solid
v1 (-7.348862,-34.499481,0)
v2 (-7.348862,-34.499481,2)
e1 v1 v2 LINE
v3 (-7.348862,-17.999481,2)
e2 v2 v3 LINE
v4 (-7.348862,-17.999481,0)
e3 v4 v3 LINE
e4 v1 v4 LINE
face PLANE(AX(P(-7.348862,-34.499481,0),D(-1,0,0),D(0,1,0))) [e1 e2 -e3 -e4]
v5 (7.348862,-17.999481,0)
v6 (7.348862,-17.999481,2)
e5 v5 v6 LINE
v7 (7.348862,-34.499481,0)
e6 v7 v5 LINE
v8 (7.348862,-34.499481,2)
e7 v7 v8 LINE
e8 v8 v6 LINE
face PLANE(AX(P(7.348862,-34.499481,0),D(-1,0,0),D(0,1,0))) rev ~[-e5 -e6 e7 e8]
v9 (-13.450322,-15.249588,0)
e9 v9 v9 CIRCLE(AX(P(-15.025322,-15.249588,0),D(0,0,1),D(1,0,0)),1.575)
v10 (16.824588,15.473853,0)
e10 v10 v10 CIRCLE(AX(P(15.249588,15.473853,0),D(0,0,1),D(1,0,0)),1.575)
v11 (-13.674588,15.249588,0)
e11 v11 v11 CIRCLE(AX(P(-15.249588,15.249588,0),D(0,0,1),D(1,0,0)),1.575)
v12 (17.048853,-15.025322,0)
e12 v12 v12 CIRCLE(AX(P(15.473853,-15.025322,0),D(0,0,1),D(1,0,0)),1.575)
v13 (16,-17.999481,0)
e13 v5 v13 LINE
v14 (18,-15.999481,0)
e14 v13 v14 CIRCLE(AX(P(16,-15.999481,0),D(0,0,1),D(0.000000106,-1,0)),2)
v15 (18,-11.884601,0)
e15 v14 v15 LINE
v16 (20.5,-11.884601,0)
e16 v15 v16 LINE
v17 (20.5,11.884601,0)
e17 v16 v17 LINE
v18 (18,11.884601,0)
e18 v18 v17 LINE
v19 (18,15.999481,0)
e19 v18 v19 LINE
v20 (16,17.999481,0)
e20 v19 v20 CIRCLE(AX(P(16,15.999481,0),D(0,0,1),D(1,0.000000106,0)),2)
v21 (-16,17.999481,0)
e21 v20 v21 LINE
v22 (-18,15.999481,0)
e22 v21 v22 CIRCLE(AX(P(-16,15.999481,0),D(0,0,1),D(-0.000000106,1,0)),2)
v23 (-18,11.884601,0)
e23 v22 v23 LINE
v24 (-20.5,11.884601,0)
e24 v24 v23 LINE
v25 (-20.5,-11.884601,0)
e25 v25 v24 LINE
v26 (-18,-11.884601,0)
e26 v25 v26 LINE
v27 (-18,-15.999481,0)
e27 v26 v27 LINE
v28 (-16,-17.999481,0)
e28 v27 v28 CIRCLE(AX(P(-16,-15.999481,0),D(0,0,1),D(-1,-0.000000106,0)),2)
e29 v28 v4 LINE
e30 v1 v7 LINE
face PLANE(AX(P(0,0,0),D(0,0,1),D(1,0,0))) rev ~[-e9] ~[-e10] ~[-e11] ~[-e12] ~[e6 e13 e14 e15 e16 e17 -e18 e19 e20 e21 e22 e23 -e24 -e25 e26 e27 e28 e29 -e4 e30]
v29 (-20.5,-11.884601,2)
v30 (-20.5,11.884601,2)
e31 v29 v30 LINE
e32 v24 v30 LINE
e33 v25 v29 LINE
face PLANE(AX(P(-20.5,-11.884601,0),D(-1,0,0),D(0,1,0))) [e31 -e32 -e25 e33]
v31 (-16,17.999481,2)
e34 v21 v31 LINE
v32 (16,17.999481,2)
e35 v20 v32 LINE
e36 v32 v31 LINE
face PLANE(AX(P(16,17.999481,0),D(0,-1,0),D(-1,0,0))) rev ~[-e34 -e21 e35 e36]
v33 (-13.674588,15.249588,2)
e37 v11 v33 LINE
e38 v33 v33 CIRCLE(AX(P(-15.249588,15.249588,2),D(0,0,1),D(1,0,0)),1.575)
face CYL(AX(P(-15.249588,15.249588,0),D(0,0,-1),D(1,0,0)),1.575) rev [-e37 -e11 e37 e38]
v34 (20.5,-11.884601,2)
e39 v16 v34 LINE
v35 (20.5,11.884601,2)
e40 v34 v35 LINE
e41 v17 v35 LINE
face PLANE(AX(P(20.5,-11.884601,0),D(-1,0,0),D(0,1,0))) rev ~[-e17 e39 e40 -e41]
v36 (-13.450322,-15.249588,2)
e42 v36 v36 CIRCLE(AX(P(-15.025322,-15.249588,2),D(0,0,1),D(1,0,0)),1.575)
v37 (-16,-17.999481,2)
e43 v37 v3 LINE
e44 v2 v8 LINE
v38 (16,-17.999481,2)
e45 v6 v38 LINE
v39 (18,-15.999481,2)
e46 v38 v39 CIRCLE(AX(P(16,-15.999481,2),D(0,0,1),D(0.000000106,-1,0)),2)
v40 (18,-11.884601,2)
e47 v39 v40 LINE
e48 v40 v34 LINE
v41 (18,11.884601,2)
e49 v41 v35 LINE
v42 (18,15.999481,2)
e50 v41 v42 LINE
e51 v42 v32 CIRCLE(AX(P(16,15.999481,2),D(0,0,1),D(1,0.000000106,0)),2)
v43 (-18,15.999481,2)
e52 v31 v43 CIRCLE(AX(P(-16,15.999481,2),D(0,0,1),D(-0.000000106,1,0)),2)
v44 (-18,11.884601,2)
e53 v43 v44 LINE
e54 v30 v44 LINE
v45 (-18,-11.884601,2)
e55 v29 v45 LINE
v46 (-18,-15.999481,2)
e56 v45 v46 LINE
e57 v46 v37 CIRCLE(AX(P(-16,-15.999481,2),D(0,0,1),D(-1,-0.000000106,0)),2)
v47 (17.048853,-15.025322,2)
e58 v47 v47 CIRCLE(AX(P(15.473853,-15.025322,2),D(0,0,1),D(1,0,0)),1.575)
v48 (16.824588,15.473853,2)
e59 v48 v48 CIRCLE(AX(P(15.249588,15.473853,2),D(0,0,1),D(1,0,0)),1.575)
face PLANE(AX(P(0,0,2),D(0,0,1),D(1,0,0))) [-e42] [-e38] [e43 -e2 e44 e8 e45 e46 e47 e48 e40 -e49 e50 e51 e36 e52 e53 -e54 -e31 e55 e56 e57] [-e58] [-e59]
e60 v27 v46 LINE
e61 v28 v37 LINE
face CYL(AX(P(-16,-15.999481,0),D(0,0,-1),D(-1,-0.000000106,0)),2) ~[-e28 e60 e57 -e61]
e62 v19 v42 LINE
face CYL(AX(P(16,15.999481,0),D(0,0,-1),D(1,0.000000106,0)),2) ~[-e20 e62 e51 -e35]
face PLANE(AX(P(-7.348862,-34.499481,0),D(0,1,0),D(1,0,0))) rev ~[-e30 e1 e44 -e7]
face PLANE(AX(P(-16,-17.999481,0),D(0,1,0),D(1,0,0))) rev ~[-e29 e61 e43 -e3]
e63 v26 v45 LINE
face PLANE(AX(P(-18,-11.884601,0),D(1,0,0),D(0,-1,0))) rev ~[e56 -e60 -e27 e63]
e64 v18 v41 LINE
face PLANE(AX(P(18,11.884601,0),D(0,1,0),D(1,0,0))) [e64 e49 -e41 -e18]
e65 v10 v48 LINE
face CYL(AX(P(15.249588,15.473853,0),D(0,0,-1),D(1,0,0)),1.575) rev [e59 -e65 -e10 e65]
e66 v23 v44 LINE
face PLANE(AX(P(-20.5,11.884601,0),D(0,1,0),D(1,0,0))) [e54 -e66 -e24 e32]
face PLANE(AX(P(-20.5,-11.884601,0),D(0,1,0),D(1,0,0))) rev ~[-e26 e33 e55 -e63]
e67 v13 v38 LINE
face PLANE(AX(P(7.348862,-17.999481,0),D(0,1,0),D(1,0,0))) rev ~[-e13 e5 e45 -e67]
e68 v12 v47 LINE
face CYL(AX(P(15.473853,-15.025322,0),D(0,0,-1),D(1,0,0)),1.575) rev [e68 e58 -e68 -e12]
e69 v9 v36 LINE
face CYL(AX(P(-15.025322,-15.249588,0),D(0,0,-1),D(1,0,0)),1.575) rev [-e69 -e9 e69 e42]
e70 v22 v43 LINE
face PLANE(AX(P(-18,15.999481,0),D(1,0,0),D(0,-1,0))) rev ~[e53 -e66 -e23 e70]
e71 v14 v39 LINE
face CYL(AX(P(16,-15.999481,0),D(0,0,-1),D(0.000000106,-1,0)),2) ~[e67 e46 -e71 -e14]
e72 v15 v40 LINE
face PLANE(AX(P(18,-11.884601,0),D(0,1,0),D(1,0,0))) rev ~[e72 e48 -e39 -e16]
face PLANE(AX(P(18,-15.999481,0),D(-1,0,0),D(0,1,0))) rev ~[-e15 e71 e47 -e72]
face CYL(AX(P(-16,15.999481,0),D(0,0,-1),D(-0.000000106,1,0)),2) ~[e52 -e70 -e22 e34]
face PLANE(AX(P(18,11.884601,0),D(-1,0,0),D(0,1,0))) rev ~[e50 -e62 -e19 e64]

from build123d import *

# Parameters (mm, degrees)
F0_R     = 1.575
F0_W     = 14.697724
F0_H     = 16.5
F0_W_2   = 2.5
F0_H_2   = 23.769202
F1_DEPTH = 2


with BuildPart() as f1:
    # F0 (on Top) → F1 (new body)
    with BuildSketch(Plane.XY):
        with BuildLine():
            ThreePointArc((-18, -15.999481), (-17.414214, -17.413694), (-16, -17.999481))
            Line((-16, -17.999481), (-7.348862, -17.999481))
            Line((-7.348862, -17.999481), (7.348862, -17.999481))
            Line((7.348862, -17.999481), (16, -17.999481))
            ThreePointArc((16, -17.999481), (17.414214, -17.413694), (18, -15.999481))
            Line((18, -15.999481), (18, -11.884601))
            Line((18, -11.884601), (18, 11.884601))
            Line((18, 11.884601), (18, 15.999481))
            ThreePointArc((18, 15.999481), (17.414214, 17.413694), (16, 17.999481))
            Line((16, 17.999481), (-16, 17.999481))
            ThreePointArc((-16, 17.999481), (-17.414214, 17.413694), (-18, 15.999481))
            Line((-18, 15.999481), (-18, 11.884601))
            Line((-18, 11.884601), (-18, -11.884601))
            Line((-18, -11.884601), (-18, -15.999481))
        make_face()
        with Locations((-15.025322, -15.249588)):
            Circle(F0_R, mode=Mode.SUBTRACT)
        with Locations((15.473853, -15.025322)):
            Circle(F0_R, mode=Mode.SUBTRACT)
        with Locations((-15.249588, 15.249588)):
            Circle(F0_R, mode=Mode.SUBTRACT)
        with Locations((15.249588, 15.473853)):
            Circle(F0_R, mode=Mode.SUBTRACT)
        with Locations((0, -26.249481)):
            Rectangle(F0_W, F0_H)
        with Locations((-19.25, 0)):
            Rectangle(F0_W_2, F0_H_2)
        with Locations((19.25, 0)):
            Rectangle(F0_W_2, F0_H_2)
    extrude(amount=F1_DEPTH)


solid = f1.part
